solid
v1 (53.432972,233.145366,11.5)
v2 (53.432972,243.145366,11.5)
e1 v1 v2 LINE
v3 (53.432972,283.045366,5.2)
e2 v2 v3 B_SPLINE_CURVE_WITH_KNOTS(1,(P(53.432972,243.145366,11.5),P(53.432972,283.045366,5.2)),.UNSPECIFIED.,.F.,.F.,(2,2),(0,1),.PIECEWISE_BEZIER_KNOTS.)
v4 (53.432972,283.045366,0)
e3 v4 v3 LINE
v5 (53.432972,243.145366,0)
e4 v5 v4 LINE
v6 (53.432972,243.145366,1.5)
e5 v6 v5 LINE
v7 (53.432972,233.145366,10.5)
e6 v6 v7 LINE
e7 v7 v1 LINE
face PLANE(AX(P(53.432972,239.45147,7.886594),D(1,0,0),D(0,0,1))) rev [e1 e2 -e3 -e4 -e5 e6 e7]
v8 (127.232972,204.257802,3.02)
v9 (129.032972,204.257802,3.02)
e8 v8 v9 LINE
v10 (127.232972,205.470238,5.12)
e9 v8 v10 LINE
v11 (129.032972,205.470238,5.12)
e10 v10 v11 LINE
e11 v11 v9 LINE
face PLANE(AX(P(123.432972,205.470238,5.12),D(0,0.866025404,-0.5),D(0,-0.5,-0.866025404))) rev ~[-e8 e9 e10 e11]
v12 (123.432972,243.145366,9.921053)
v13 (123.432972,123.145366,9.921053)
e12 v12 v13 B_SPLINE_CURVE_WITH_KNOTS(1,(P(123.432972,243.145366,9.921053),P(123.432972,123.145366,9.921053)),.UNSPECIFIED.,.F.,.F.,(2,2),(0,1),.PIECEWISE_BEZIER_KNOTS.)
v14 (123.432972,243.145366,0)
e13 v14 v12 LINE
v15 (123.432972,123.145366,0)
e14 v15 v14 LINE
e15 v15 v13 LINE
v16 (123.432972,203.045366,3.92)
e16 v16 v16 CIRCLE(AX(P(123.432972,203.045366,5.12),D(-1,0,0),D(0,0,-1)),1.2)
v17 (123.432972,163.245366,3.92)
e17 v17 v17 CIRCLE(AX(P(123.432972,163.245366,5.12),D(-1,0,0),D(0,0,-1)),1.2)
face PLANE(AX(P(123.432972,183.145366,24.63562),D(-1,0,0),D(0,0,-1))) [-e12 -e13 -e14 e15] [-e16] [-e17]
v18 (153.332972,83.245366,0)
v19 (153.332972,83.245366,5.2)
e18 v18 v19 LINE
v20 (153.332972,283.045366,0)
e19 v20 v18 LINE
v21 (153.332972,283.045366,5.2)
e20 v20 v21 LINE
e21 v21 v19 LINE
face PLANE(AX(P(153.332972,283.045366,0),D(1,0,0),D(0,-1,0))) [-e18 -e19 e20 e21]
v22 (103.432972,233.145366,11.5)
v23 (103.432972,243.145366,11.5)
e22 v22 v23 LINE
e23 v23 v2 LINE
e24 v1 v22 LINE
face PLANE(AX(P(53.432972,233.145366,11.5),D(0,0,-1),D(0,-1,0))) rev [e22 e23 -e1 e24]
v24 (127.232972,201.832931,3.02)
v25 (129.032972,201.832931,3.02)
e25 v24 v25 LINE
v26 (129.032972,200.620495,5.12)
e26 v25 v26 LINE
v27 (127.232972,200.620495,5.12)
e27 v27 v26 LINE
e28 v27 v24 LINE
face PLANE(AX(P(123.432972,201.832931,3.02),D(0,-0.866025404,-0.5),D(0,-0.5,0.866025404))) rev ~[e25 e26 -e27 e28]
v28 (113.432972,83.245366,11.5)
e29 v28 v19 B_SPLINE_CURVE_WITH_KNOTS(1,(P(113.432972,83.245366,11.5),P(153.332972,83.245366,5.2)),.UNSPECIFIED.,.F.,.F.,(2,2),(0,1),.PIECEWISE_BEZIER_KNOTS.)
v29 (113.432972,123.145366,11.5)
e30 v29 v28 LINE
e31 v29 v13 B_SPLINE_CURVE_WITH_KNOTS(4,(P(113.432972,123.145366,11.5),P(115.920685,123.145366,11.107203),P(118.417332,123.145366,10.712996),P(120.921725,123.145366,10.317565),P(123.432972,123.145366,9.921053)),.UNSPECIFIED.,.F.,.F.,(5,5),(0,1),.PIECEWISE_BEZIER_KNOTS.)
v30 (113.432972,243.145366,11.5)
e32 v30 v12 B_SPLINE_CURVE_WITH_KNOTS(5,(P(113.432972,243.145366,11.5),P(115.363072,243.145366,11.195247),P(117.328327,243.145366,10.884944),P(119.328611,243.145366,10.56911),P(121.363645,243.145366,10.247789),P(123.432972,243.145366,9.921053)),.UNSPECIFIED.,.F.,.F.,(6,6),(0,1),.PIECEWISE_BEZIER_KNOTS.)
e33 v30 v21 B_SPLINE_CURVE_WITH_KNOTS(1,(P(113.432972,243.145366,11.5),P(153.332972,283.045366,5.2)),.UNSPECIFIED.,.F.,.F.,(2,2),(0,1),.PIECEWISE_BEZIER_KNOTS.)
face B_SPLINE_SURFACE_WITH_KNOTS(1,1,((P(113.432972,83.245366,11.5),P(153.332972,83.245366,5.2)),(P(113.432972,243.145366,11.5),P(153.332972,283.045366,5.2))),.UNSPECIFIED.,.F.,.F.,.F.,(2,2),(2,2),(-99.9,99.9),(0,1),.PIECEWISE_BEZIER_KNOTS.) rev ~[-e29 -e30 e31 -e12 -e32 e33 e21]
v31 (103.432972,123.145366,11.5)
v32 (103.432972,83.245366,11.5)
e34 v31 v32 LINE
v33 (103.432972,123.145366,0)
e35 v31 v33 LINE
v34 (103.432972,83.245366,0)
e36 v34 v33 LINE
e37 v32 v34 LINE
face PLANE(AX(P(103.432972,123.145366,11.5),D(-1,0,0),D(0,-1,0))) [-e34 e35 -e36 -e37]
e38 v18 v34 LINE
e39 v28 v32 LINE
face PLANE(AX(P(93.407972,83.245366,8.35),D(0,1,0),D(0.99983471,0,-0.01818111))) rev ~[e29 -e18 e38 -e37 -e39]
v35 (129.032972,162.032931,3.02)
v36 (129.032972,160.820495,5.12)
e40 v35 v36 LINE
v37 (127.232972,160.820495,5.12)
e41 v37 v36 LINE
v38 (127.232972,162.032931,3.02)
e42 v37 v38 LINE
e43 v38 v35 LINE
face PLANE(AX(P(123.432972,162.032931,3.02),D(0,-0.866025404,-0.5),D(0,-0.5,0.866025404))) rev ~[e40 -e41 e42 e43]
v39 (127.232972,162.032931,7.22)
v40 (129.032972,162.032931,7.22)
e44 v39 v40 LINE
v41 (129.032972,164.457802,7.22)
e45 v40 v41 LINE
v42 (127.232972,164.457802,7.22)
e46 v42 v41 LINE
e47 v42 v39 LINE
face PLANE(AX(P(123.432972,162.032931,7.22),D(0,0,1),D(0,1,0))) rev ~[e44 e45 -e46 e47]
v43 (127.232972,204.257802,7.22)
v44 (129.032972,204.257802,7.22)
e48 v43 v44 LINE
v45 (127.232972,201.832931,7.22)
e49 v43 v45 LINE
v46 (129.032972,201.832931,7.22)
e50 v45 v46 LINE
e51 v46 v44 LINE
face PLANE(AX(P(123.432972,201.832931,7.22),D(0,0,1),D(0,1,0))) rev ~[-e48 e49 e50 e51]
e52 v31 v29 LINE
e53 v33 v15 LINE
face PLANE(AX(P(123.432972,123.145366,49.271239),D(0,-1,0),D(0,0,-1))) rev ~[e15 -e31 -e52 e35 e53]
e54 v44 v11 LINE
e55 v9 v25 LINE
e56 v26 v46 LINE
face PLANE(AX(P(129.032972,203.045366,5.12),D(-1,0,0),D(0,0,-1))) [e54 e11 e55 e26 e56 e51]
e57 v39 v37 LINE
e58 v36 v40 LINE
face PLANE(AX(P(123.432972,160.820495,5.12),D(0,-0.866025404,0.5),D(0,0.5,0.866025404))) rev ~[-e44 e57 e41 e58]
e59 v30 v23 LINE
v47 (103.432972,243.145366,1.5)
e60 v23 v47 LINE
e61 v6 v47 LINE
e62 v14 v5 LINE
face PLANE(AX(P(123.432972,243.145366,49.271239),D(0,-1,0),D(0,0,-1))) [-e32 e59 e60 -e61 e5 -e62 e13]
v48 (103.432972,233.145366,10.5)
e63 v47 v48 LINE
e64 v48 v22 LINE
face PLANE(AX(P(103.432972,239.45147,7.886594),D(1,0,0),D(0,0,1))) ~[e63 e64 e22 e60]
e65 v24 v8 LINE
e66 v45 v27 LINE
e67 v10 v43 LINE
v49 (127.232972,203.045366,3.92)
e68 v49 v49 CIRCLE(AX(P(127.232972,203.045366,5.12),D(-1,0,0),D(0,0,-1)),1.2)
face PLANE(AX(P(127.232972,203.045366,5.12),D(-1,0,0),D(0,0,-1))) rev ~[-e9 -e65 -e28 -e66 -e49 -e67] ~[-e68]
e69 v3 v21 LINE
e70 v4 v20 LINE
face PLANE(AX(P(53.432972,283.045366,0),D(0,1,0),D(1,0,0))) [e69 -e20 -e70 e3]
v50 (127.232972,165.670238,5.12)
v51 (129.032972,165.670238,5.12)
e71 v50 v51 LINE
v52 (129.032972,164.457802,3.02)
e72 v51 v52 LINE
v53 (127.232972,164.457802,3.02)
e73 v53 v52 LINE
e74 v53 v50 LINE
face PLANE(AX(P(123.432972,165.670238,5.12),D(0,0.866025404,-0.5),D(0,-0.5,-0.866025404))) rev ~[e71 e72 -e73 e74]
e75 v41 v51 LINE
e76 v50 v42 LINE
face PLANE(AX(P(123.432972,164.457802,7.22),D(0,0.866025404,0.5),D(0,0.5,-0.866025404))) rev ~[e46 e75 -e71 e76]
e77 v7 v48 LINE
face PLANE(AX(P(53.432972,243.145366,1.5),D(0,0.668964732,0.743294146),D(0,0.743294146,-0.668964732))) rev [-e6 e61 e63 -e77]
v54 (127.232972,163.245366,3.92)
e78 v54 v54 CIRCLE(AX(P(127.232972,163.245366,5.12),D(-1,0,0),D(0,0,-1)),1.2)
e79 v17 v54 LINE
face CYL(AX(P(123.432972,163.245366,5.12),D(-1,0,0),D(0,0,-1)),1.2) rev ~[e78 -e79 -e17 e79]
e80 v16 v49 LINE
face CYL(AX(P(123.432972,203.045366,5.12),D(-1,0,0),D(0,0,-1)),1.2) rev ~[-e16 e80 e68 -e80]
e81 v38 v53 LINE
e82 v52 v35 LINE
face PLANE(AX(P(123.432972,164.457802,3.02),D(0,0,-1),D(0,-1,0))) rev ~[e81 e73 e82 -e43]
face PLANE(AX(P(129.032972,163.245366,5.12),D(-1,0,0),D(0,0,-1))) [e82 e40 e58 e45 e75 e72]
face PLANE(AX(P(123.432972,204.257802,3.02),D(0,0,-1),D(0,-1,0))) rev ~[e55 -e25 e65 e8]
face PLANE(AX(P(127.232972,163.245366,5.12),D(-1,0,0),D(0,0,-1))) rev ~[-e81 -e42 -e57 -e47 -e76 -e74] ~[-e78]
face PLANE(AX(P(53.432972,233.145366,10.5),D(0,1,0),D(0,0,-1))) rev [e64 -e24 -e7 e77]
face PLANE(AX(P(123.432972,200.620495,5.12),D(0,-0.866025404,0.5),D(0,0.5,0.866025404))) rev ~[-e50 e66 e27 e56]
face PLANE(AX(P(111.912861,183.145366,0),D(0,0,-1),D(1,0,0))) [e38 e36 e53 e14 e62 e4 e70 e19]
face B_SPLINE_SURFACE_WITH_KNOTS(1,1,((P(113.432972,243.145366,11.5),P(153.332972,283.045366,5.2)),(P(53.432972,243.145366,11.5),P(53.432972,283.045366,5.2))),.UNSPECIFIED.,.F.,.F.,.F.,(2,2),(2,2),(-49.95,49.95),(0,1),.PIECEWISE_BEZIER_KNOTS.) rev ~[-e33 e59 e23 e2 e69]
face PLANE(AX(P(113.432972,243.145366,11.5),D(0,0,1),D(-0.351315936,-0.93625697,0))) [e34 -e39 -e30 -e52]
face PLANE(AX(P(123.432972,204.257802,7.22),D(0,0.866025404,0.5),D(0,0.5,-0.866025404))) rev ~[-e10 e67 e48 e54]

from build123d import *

# Parameters (mm, degrees)
DODANIE_WYCI_GNI_CIE1_DEPTH = 5.2
SZKIC3_W                    = 60
SZKIC3_H                    = 159.9
SZKIC5_W                    = 99.9
SZKIC5_H                    = 199.8
SZKIC6_W                    = 49.271239353
SZKIC6_H                    = 120
WYTNIJ_WYCI_GNI_CIE1_DEPTH  = 78
WYTNIJ_WYCI_GNI_CIE2_DEPTH  = 5.6
SZKIC9_R                    = 2.424871131
SZKIC9_R_2                  = 1.2
DODANIE_WYCI_GNI_CIE3_DEPTH = 3.8
SZKIC10_W                   = 50
SZKIC10_H                   = 39.9
WYTNIJ_WYCI_GNI_CIE4_DEPTH  = 24
DODANIE_WYCI_GNI_CIE4_DEPTH = 50


with BuildPart() as part:
    # Szkic2 → Dodanie-wyciągnięcie1 (new body)
    with BuildSketch(Plane.XY):
        Polygon((18.542832418, 83.245366469), (18.542832418, 43.345366469), (-51.457167582, 43.345366469), (-51.457167582, -76.654633531), (18.542832418, -76.654633531), (18.542832418, -116.554633531), (-81.357167582, -116.554633531), (-81.357167582, 83.245366469), align=None)
    extrude(amount=DODANIE_WYCI_GNI_CIE1_DEPTH)

    # Szkic3 → Wyciągnięcie po profilach3 section 0
    with BuildSketch(Plane.XY.offset(11.5)):
        with Locations((-11.457167582, 3.295366469)):
            Rectangle(SZKIC3_W, SZKIC3_H)
    # Szkic5 → Wyciągnięcie po profilach3 section 1
    with BuildSketch(Plane.XY.offset(5.2)):
        with Locations((-31.407167582, -16.654633531)):
            Rectangle(SZKIC5_W, SZKIC5_H)
    loft()

    # Szkic6 → Wytnij-wyciągnięcie1 (cut)
    with BuildSketch(Plane(origin=(-51.457167582, 0, 0), x_dir=(0, 0, -1), z_dir=(1, 0, 0))):
        with Locations((-24.635619677, -16.654633531)):
            Rectangle(SZKIC6_W, SZKIC6_H)
    extrude(amount=WYTNIJ_WYCI_GNI_CIE1_DEPTH, mode=Mode.SUBTRACT)

    # Szkic7 → Wytnij-wyciągnięcie2 (cut)
    with BuildSketch(Plane(origin=(-51.457167582, 0, 0), x_dir=(0, 0, -1), z_dir=(1, 0, 0))):
        Polygon((-5.12, -34.1297624), (-7.22, -35.342197966), (-7.22, -37.767069096), (-5.12, -38.979504662), (-3.02, -37.767069096), (-3.02, -35.342197966), align=None)
        Polygon((-5.12, 5.6702376), (-7.22, 4.457802034), (-7.22, 2.032930904), (-5.12, 0.820495338), (-3.02, 2.032930904), (-3.02, 4.457802034), align=None)
    extrude(amount=-WYTNIJ_WYCI_GNI_CIE2_DEPTH, mode=Mode.SUBTRACT)

    # Szkic9 → Dodanie-wyciągnięcie3 (add)
    with BuildSketch(Plane(origin=(-51.457167582, 0, 0), x_dir=(0, 0, -1), z_dir=(1, 0, 0))):
        with Locations((-5.12, 3.245366469)):
            Circle(SZKIC9_R)
        with Locations((-5.12, 3.245366469)):
            Circle(SZKIC9_R_2, mode=Mode.SUBTRACT)
        with Locations((-5.12, -36.554633531)):
            Circle(SZKIC9_R)
        with Locations((-5.12, -36.554633531)):
            Circle(SZKIC9_R_2, mode=Mode.SUBTRACT)
    extrude(amount=-DODANIE_WYCI_GNI_CIE3_DEPTH)

    # Szkic10 → Wytnij-wyciągnięcie4 (cut)
    with BuildSketch(Plane.XY.offset(11.5)):
        with Locations((-6.457167582, 63.295366469)):
            Rectangle(SZKIC10_W, SZKIC10_H)
    extrude(amount=-WYTNIJ_WYCI_GNI_CIE4_DEPTH, mode=Mode.SUBTRACT)


with BuildPart() as body_2:
    # Lustro1: mirrored copy
    add(part.part.mirror(Plane(origin=(18.542832418, 83.245366469, 5.2), x_dir=(0, 0, 1), z_dir=(-1, 0, 0))))


with BuildPart() as body_2_1:
    # Obiekt-Przenieś/Kopiuj1: moved
    add(body_2.part.moved(Location((34.890139481, 0, 0))))

    # Szkic11 → Dodanie-wyciągnięcie4 (add)
    with BuildSketch(Plane.ZY.offset(-53.432971899)):
        Polygon((11.5, -76.654633531), (1.5, -76.654633531), (10.5, -66.654633531), (11.5, -66.654633531), align=None)
    extrude(amount=-DODANIE_WYCI_GNI_CIE4_DEPTH)


with BuildPart() as body_2_2:
    # Lustro2: mirrored copy
    add(body_2_1.part.mirror(Plane(origin=(153.332971899, 83.245366469, 5.2), x_dir=(0, 0, 1), z_dir=(0, -1, 0))))


solid = body_2_2.part
